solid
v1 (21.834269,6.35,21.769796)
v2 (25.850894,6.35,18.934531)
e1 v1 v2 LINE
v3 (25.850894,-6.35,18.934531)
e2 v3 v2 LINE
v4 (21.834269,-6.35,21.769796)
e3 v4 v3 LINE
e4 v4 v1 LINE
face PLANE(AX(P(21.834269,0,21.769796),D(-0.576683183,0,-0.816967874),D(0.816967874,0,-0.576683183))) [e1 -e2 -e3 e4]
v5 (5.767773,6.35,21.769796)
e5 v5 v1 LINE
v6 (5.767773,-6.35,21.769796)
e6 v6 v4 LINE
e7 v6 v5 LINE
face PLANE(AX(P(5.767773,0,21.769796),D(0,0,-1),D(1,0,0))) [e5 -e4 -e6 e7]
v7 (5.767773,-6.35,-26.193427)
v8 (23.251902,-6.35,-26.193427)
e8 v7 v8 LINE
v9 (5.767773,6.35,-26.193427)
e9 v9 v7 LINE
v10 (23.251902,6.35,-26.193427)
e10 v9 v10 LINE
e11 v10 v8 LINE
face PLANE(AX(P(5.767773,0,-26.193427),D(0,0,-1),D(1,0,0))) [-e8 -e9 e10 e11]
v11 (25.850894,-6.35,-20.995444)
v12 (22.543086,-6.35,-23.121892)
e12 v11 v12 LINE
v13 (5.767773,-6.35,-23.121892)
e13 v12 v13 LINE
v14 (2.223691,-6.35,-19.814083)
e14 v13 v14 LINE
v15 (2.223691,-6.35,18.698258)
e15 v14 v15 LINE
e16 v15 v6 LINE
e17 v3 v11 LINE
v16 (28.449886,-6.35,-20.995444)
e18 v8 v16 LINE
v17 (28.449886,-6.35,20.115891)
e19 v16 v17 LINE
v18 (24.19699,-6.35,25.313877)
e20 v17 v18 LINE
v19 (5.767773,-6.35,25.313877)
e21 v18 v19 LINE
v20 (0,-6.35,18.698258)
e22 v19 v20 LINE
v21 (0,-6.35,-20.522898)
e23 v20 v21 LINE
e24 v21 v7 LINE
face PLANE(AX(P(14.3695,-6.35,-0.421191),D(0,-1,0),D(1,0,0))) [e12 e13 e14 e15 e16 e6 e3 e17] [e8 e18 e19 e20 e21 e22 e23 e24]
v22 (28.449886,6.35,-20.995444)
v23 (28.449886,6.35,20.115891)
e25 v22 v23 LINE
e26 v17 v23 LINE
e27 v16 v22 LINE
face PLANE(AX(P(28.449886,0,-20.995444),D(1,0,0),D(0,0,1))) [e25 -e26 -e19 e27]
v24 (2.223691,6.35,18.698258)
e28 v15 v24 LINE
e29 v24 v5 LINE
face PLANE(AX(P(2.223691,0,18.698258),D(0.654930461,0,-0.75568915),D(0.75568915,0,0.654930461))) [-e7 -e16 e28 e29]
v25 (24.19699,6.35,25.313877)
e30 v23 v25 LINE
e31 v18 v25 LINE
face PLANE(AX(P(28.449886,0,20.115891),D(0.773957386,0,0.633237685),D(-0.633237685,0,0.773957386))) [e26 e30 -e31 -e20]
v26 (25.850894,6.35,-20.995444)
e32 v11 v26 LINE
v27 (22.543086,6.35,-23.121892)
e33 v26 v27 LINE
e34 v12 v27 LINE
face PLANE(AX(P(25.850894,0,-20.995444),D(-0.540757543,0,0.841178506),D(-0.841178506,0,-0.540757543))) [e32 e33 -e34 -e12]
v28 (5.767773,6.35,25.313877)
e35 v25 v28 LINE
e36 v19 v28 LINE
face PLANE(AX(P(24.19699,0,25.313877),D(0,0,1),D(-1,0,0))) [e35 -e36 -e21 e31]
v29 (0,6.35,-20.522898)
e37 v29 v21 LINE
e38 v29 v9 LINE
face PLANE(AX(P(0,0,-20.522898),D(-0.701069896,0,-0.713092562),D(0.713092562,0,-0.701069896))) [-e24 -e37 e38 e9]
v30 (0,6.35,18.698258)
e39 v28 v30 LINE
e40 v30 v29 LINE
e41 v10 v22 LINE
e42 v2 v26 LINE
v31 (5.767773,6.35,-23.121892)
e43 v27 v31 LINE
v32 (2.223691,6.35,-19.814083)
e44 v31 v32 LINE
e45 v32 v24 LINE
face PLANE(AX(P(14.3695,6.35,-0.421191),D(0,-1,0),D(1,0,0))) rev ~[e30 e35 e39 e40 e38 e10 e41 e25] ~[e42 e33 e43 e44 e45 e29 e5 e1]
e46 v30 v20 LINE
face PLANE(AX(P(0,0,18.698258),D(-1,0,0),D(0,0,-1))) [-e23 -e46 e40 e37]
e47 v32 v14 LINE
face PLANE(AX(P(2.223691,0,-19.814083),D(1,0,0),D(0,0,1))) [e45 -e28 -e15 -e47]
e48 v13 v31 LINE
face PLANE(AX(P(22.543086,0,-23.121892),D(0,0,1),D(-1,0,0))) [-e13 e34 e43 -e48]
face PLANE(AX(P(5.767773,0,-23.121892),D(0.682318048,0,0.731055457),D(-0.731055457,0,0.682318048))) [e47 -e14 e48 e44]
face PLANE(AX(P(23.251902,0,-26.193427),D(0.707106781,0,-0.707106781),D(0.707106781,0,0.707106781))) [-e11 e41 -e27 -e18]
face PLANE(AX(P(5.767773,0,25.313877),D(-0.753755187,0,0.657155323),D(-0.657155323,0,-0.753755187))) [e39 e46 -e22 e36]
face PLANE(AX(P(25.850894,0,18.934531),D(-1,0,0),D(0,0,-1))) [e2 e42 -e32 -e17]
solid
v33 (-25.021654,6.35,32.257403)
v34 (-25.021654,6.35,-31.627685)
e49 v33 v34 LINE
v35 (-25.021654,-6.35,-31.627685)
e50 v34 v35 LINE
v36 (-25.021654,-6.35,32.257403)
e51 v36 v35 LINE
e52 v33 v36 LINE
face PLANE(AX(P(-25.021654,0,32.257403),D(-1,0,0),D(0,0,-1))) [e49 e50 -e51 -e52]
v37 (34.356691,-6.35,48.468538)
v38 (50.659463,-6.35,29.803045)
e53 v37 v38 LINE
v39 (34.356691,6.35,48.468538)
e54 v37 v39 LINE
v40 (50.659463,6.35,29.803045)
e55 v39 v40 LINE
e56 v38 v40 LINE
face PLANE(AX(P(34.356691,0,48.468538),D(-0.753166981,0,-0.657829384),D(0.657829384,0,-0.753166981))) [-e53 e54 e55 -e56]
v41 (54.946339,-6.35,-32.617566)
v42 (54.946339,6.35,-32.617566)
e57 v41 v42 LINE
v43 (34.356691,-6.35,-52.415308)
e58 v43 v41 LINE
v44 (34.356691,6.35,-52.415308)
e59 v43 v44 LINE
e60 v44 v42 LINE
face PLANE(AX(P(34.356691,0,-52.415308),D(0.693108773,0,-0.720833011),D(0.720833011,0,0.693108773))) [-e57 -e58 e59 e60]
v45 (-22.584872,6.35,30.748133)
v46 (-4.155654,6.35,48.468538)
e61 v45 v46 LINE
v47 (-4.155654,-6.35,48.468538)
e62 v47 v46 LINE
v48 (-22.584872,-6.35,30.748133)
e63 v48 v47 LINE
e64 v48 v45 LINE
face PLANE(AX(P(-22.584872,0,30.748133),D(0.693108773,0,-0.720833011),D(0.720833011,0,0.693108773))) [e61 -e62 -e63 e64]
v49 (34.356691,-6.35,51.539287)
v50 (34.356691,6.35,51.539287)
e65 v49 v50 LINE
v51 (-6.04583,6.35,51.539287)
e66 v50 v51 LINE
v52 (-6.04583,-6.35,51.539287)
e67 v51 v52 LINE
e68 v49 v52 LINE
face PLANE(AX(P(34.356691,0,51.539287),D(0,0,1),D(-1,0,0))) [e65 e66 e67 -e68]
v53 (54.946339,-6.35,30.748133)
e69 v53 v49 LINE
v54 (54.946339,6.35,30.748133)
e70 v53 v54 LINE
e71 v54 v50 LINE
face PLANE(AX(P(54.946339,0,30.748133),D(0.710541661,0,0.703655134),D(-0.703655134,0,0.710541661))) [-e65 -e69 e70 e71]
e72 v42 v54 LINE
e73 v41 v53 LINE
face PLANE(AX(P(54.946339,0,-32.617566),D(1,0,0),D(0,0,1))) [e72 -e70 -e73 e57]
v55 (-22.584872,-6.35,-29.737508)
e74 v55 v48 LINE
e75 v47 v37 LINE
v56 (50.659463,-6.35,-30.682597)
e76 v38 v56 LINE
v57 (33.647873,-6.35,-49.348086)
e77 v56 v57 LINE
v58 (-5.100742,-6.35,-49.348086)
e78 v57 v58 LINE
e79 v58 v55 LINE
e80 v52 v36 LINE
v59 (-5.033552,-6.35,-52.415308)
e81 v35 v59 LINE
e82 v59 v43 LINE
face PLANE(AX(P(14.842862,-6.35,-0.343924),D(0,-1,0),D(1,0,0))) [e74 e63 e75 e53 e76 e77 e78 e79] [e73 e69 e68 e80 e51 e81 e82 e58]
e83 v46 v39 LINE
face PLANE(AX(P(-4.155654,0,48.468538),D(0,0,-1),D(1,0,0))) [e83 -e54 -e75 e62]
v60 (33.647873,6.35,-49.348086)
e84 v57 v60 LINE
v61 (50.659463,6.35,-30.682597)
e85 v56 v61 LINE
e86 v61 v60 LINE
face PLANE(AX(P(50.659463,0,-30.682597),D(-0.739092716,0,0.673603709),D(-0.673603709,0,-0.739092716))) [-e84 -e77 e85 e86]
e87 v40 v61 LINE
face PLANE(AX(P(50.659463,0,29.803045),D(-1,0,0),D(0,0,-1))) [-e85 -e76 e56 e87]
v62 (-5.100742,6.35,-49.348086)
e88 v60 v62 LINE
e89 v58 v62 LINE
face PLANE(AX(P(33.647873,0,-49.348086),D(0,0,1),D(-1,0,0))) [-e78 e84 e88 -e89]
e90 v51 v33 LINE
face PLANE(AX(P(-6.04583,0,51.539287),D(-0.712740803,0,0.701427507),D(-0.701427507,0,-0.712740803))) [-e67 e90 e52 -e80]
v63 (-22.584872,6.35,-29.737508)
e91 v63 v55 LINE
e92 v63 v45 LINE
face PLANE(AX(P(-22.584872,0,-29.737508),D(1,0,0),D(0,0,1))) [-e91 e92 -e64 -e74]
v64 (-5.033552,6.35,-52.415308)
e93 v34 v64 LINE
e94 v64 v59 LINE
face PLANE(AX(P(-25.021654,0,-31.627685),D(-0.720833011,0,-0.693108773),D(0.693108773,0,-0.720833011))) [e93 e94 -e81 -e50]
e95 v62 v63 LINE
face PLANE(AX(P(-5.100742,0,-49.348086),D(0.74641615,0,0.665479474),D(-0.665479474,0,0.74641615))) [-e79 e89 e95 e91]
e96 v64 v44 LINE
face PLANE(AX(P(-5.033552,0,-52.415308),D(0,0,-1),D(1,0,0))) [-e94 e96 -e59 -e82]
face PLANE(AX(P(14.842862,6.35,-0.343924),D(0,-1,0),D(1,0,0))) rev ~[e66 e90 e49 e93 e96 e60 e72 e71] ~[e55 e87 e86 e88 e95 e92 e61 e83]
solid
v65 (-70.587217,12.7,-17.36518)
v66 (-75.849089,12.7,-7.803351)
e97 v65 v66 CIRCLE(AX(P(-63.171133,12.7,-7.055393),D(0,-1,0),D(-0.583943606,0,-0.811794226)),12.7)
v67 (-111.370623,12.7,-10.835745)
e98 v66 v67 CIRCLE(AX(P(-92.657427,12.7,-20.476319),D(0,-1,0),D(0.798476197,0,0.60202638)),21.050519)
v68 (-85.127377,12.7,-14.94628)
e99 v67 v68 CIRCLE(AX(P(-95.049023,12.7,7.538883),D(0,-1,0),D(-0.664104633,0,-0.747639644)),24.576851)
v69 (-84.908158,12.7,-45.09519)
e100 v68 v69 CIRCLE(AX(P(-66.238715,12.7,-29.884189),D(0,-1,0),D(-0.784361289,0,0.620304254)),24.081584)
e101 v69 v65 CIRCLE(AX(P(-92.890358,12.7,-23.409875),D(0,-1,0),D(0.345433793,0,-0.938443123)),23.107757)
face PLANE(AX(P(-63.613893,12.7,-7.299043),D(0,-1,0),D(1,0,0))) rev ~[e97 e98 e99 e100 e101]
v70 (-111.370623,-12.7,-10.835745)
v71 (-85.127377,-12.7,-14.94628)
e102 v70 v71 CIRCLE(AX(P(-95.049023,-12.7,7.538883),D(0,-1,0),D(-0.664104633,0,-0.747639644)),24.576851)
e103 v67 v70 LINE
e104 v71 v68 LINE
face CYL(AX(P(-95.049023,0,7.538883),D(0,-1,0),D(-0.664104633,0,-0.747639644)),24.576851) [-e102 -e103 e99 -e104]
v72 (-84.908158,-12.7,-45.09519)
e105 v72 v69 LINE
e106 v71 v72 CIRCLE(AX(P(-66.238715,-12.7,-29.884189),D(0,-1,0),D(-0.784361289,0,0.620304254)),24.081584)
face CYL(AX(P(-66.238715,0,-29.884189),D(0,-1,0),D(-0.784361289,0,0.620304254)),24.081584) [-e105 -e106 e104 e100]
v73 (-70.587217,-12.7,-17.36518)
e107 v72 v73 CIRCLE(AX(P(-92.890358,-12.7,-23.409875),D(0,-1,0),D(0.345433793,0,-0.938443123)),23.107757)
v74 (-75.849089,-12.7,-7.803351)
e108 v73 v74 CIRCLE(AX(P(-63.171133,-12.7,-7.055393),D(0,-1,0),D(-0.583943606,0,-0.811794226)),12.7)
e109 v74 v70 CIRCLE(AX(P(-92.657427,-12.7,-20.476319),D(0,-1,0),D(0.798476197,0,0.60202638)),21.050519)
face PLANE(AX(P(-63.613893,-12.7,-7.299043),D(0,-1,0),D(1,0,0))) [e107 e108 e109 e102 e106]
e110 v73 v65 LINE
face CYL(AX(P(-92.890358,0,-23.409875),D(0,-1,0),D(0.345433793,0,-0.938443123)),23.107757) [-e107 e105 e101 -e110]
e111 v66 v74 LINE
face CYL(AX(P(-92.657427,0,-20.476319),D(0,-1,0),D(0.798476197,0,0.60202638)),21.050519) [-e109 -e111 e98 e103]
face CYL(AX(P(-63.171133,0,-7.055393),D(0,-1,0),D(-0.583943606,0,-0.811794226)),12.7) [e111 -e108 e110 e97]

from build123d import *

# Parameters (mm, degrees)
F1_DEPTH = 6.35
F3_DEPTH = 6.35
F5_DEPTH = 12.7


with BuildPart() as f1:
    # F0 (on Front) → F1 (new body, symmetric)
    with BuildSketch(Plane.XZ):
        Polygon((34.3566909432, 51.5392869711), (-6.0458299704, 51.5392869711), (-25.0216538746, 32.2574027531), (-25.0216538746, -31.6276848316), (-5.0335519168, -52.4153076112), (34.3566909432, -52.4153076112), (54.9463386749, -32.6175663062), (54.9463386749, 30.7481326163), align=None)
        Polygon((-22.5848723203, -29.7375079244), (-22.5848723203, 30.7481326163), (-4.1556539945, 48.4685376287), (34.3566909432, 48.4685376287), (50.6594628096, 29.803045094), (50.6594628096, -30.6825973094), (33.6478725076, -49.3480861187), (-5.1007419825, -49.3480861187), align=None, mode=Mode.SUBTRACT)
    extrude(amount=F1_DEPTH, both=True)


with BuildPart() as f3:
    # F0 (on Front) → F3 (new body, symmetric)
    with BuildSketch(Plane.XZ):
        Polygon((5.7677729055, 25.3138765693), (0, 18.6982583255), (0, -20.5228980631), (5.7677729055, -26.193426922), (23.251902312, -26.193426922), (28.4498855472, -20.9954436868), (28.4498855472, 20.1158914715), (24.1969898343, 25.3138765693), align=None)
        Polygon((2.2236907389, -19.8140833527), (2.2236907389, 18.6982583255), (5.7677729055, 21.7697955668), (21.834269166, 21.7697955668), (25.8508939296, 18.9345311373), (25.8508939296, -20.9954436868), (22.543085739, -23.1218915433), (5.7677729055, -23.1218915433), align=None, mode=Mode.SUBTRACT)
    extrude(amount=F3_DEPTH, both=True)


with BuildPart() as f5:
    # F4 (on Front) → F5 (new body, symmetric)
    with BuildSketch(Plane.XZ):
        with BuildLine():
            ThreePointArc((-70.5872171951, -17.365179622), (-57.3786496576, -18.3574782535), (-50.471133399, -7.0553929545))
            ThreePointArc((-50.471133399, -7.0553929545), (-63.5452750609, 5.6390947475), (-75.8490889922, -7.8033514939))
            ThreePointArc((-75.8490889922, -7.8033514939), (-72.6455367951, -12.2691549419), (-70.5872171951, -17.365179622))
        make_face()
        with BuildLine():
            ThreePointArc((-70.5872171951, -17.365179622), (-72.6455367951, -12.2691549419), (-75.8490889922, -7.8033514939))
            ThreePointArc((-75.8490889922, -7.8033514939), (-74.297666733, -13.1783216628), (-70.5872171951, -17.365179622))
        make_face()
        with BuildLine():
            ThreePointArc((-85.127376563, -14.9462799828), (-80.0566259567, -11.9354502468), (-75.8490889922, -7.8033514939))
            ThreePointArc((-75.8490889922, -7.8033514939), (-80.9289877446, -10.8022982704), (-85.127376563, -14.9462799828))
        make_face()
        with BuildLine():
            ThreePointArc((-70.5872171951, -17.365179622), (-74.297666733, -13.1783216628), (-75.8490889922, -7.8033514939))
            ThreePointArc((-75.8490889922, -7.8033514939), (-80.0566259567, -11.9354502468), (-85.127376563, -14.9462799828))
            ThreePointArc((-85.127376563, -14.9462799828), (-90.31966165, -30.0592863686), (-84.9081575871, -45.0951904058))
            ThreePointArc((-84.9081575871, -45.0951904058), (-72.3589466512, -34.013156702), (-70.5872171951, -17.365179622))
        make_face()
        with BuildLine():
            ThreePointArc((-85.127376563, -14.9462799828), (-80.9289877446, -10.8022982704), (-75.8490889922, -7.8033514939))
            ThreePointArc((-75.8490889922, -7.8033514939), (-94.4479506859, 0.4979120726), (-111.3706231117, -10.8357453719))
            ThreePointArc((-111.3706231117, -10.8357453719), (-98.8521762917, -16.7419250046), (-85.127376563, -14.9462799828))
        make_face()
    extrude(amount=F5_DEPTH, both=True)


solid = Compound([f1.part, f3.part, f5.part])
